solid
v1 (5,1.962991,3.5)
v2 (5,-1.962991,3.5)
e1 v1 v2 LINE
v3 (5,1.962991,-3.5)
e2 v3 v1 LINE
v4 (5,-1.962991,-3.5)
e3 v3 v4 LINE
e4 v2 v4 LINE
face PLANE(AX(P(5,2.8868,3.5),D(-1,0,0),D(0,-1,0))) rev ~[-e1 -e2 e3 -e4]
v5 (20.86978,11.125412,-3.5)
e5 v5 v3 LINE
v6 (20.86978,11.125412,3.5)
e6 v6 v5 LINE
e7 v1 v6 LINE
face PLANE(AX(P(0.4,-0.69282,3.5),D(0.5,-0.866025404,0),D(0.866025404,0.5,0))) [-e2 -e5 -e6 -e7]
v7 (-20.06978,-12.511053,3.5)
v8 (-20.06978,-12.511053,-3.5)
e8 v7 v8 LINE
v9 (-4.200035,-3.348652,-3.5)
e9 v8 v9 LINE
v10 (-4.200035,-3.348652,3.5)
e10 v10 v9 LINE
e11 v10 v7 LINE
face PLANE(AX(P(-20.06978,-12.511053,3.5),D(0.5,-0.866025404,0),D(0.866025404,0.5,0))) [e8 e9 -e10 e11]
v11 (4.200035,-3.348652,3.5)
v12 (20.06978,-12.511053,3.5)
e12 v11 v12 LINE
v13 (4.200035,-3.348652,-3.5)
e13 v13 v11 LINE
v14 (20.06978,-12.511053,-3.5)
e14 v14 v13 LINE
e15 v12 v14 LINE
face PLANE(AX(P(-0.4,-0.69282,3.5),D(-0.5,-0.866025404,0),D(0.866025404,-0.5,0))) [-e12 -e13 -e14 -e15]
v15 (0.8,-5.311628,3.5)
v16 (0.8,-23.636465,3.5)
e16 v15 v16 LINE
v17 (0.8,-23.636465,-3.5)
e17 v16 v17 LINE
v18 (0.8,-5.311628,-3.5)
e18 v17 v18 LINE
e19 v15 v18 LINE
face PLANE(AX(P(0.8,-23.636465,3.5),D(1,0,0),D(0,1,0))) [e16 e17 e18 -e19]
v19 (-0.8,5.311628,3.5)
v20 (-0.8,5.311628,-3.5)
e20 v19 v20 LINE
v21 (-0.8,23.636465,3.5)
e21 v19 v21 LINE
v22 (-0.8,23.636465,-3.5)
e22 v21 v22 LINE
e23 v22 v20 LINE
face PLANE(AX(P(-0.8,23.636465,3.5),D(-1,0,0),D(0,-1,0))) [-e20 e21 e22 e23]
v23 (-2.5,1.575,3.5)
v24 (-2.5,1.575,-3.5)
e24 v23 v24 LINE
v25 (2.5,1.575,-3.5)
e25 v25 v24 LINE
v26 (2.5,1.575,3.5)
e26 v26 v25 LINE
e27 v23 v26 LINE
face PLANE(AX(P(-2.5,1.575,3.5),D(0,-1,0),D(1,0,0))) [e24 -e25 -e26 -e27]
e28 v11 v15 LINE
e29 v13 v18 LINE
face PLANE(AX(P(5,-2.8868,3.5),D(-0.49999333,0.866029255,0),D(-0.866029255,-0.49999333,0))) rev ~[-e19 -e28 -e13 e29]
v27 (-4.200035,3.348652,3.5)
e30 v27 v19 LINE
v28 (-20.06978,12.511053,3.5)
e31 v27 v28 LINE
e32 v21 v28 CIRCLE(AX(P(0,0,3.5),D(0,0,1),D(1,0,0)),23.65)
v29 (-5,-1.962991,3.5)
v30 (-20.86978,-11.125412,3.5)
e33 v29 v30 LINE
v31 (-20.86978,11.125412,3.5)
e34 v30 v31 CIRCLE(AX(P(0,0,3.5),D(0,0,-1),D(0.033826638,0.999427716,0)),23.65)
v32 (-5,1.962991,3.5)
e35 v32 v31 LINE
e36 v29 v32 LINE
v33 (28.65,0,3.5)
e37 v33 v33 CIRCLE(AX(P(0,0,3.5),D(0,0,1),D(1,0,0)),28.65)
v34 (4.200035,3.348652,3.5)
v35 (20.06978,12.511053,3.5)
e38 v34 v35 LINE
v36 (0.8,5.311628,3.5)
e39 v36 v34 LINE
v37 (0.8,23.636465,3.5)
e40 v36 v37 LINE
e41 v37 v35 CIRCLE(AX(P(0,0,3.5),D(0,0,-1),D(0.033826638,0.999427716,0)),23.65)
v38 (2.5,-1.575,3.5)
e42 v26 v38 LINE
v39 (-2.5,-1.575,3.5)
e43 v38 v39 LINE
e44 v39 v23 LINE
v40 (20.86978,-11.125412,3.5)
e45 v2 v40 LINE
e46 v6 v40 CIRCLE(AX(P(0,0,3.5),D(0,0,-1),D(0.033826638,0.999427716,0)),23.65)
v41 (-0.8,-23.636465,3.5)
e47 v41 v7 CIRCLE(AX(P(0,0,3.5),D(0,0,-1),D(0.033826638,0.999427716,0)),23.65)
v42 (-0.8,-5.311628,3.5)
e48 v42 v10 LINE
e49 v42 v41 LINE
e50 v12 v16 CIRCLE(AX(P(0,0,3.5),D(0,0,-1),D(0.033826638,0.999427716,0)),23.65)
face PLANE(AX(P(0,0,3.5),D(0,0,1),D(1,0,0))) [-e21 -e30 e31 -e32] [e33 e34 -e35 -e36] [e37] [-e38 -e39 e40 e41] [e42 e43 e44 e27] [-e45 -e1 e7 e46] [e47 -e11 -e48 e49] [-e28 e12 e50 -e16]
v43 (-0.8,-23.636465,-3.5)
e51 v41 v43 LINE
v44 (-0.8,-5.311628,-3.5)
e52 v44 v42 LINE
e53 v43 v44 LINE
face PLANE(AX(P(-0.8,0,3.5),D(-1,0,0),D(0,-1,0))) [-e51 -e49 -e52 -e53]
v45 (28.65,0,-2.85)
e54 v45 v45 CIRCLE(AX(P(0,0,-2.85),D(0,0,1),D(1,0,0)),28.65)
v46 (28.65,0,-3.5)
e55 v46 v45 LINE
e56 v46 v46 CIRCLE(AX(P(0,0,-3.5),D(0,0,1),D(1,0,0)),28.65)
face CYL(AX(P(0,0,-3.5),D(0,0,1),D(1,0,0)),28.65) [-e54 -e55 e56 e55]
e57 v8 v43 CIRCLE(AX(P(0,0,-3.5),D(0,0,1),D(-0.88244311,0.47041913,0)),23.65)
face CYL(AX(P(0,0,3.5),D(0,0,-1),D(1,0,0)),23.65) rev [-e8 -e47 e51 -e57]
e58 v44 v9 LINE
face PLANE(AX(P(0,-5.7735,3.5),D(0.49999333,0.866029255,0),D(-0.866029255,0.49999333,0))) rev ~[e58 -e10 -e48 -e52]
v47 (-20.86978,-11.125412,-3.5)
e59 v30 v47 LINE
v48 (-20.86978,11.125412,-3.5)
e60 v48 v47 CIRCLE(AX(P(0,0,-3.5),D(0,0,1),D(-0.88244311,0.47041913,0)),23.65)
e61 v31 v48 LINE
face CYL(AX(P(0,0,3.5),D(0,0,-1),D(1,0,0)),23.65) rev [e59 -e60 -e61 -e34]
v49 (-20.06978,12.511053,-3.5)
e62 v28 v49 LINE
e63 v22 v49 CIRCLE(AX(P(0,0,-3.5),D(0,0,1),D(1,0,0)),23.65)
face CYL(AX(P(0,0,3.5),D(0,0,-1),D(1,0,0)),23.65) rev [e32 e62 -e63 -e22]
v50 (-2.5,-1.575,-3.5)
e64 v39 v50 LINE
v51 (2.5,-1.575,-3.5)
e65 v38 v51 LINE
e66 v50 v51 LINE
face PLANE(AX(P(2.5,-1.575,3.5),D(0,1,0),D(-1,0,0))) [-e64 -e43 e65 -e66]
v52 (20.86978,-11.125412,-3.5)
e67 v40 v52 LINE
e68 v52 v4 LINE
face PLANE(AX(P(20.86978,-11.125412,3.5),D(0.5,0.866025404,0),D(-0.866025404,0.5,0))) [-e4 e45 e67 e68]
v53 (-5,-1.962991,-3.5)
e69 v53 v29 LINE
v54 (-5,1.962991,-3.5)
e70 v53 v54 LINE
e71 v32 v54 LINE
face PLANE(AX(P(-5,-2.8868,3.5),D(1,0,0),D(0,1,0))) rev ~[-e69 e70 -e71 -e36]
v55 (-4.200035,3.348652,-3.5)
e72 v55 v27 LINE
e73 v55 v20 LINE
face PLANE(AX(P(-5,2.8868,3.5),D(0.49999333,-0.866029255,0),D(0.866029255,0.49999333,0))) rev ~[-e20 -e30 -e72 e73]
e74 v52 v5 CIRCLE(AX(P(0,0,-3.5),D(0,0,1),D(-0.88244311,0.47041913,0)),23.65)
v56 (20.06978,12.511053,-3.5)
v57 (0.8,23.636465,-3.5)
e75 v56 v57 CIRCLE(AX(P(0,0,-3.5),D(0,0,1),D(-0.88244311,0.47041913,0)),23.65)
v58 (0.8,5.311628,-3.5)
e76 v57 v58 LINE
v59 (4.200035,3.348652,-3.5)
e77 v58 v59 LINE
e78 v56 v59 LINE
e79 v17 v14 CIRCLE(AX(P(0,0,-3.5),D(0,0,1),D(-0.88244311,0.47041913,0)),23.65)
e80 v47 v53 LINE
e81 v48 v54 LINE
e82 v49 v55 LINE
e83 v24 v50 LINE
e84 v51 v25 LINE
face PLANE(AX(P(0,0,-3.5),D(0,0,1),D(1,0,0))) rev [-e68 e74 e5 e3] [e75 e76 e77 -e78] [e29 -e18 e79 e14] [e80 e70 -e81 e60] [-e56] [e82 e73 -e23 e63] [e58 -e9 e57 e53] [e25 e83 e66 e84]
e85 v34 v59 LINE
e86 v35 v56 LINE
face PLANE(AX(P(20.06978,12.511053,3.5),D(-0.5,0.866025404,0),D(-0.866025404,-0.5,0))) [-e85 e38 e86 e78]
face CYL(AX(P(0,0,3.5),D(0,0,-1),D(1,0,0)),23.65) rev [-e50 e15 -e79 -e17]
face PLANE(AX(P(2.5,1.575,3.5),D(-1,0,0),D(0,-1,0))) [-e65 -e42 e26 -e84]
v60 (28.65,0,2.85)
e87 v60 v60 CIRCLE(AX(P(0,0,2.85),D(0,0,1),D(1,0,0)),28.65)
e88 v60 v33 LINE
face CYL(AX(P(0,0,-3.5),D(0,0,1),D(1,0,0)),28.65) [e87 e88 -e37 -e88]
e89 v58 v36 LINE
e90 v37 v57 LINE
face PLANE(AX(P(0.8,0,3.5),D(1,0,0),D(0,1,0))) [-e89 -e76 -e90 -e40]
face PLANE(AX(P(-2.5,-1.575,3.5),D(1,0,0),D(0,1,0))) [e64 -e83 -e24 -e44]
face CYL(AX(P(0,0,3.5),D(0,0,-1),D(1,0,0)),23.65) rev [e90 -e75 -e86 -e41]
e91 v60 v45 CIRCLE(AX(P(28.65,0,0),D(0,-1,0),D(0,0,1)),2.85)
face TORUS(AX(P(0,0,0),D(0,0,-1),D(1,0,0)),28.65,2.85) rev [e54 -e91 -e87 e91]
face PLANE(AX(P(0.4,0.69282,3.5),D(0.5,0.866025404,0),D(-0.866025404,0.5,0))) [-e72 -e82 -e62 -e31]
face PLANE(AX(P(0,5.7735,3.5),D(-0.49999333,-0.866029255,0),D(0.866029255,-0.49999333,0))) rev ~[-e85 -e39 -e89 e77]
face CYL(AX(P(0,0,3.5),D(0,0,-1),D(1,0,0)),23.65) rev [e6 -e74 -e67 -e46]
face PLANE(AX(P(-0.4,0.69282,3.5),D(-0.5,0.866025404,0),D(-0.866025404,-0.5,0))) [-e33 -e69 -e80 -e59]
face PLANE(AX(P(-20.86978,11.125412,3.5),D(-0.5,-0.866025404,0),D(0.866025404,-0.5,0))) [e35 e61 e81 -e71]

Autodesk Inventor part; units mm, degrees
ref_plane "YZ Plane" through (0, 0, 0) normal (1, 0, 0) x (0, 1, 0)
ref_plane "XZ Plane" through (0, 0, 0) normal (0, 1, 0) x (-1, 0, 0)
ref_plane "XY Plane" through (0, 0, 0) normal (0, 0, 1) x (1, 0, 0)
sketch "スケッチ1" plane through (0, 0, 0) normal (0, 1, 0) x (-1, 0, 0)
  line L0 (0, 0) -> (-64.0652, 0) construction
  circle A0 centre (-28.65, 0) radius 2.85
  line L1 (-23.65, -3.5) -> (-28.65, -3.5)
  line L2 (-28.65, -3.5) -> (-28.65, 3.5)
  line L3 (-28.65, 3.5) -> (-23.65, 3.5)
  line L4 (-23.65, 3.5) -> (-23.65, -3.5)
  line L5 (0, -4.9) -> (0, 4.9) projected
  point P0 (-28.65, 2.85)
  point P1 (-28.65, -2.85)
  dimension "P_DIA" = 5.7
  dimension "P_D1" = 28.65
  dimension "d2" = 7
  dimension "d3" = 5
revolve "リム" add sketch "スケッチ1" angle 360 about axis through (0, 0, -10) along (0, 0, 1) contours A0 L2 L3 L4 L1
sketch "スケッチ3" plane through (0, 0, 3.5) normal (0, 0, 1) x (1, 0, 0)
  line L0 (-5, 2.8868) -> (0, 5.7735)
  line L1 (0, 5.7735) -> (5, 2.8868)
  line L2 (5, 2.8868) -> (5, -2.8868)
  line L3 (5, -2.8868) -> (0, -5.7735)
  line L4 (0, -5.7735) -> (-5, -2.8868)
  line L5 (-5, -2.8868) -> (-5, 2.8868)
  point P0 (0, 0)
  point P1 (0, 0)
  dimension "HUB_DIA" = 10
extrude "ハブ" add sketch "スケッチ3" against normal up to surface (7 mm away)
sketch "スケッチ4" plane through (0, 0, 3.5) normal (0, 0, 1) x (1, 0, 0)
  line L0 (-0.8, 0) -> (0.8, 0)
  line L1 (0.8, 0) -> (0.8, 23.65)
  line L2 (0.8, 23.65) -> (-0.8, 23.65)
  line L3 (-0.8, 23.65) -> (-0.8, 0)
  circle A0 centre (0, 0) radius 23.65 projected
  point P0 (0, 23.65)
  dimension "SPOKE_THIN" = 1.6
extrude "スポーク" add sketch "スケッチ4" against normal up to surface (7 mm away) contours L3 A0 L1 L0 | L3 L2 A0 | A0 L2 L1 picked at (0, 7.8833)
pattern_circular "円形状パターン1" count 6 over 360 about axis through (0, 0, -10) along (0, 0, 1) of "スポーク"
sketch "スケッチ5" plane through (0, 0, 3.5) normal (0, 0, 1) x (1, 0, 0)
  line L0 (-2.5, 1.575) -> (2.5, 1.575)
  line L1 (2.5, 1.575) -> (2.5, -1.575)
  line L2 (2.5, -1.575) -> (-2.5, -1.575)
  line L3 (-2.5, -1.575) -> (-2.5, 1.575)
  point P0 (0, 0)
  point P1 (0, 1.575)
  point P2 (-2.5, 0)
  dimension "d15" = 5
  dimension "d16" = 3.15
extrude "軸穴" cut sketch "スケッチ5" against normal through all
properties part number "Wheel-D63C"
